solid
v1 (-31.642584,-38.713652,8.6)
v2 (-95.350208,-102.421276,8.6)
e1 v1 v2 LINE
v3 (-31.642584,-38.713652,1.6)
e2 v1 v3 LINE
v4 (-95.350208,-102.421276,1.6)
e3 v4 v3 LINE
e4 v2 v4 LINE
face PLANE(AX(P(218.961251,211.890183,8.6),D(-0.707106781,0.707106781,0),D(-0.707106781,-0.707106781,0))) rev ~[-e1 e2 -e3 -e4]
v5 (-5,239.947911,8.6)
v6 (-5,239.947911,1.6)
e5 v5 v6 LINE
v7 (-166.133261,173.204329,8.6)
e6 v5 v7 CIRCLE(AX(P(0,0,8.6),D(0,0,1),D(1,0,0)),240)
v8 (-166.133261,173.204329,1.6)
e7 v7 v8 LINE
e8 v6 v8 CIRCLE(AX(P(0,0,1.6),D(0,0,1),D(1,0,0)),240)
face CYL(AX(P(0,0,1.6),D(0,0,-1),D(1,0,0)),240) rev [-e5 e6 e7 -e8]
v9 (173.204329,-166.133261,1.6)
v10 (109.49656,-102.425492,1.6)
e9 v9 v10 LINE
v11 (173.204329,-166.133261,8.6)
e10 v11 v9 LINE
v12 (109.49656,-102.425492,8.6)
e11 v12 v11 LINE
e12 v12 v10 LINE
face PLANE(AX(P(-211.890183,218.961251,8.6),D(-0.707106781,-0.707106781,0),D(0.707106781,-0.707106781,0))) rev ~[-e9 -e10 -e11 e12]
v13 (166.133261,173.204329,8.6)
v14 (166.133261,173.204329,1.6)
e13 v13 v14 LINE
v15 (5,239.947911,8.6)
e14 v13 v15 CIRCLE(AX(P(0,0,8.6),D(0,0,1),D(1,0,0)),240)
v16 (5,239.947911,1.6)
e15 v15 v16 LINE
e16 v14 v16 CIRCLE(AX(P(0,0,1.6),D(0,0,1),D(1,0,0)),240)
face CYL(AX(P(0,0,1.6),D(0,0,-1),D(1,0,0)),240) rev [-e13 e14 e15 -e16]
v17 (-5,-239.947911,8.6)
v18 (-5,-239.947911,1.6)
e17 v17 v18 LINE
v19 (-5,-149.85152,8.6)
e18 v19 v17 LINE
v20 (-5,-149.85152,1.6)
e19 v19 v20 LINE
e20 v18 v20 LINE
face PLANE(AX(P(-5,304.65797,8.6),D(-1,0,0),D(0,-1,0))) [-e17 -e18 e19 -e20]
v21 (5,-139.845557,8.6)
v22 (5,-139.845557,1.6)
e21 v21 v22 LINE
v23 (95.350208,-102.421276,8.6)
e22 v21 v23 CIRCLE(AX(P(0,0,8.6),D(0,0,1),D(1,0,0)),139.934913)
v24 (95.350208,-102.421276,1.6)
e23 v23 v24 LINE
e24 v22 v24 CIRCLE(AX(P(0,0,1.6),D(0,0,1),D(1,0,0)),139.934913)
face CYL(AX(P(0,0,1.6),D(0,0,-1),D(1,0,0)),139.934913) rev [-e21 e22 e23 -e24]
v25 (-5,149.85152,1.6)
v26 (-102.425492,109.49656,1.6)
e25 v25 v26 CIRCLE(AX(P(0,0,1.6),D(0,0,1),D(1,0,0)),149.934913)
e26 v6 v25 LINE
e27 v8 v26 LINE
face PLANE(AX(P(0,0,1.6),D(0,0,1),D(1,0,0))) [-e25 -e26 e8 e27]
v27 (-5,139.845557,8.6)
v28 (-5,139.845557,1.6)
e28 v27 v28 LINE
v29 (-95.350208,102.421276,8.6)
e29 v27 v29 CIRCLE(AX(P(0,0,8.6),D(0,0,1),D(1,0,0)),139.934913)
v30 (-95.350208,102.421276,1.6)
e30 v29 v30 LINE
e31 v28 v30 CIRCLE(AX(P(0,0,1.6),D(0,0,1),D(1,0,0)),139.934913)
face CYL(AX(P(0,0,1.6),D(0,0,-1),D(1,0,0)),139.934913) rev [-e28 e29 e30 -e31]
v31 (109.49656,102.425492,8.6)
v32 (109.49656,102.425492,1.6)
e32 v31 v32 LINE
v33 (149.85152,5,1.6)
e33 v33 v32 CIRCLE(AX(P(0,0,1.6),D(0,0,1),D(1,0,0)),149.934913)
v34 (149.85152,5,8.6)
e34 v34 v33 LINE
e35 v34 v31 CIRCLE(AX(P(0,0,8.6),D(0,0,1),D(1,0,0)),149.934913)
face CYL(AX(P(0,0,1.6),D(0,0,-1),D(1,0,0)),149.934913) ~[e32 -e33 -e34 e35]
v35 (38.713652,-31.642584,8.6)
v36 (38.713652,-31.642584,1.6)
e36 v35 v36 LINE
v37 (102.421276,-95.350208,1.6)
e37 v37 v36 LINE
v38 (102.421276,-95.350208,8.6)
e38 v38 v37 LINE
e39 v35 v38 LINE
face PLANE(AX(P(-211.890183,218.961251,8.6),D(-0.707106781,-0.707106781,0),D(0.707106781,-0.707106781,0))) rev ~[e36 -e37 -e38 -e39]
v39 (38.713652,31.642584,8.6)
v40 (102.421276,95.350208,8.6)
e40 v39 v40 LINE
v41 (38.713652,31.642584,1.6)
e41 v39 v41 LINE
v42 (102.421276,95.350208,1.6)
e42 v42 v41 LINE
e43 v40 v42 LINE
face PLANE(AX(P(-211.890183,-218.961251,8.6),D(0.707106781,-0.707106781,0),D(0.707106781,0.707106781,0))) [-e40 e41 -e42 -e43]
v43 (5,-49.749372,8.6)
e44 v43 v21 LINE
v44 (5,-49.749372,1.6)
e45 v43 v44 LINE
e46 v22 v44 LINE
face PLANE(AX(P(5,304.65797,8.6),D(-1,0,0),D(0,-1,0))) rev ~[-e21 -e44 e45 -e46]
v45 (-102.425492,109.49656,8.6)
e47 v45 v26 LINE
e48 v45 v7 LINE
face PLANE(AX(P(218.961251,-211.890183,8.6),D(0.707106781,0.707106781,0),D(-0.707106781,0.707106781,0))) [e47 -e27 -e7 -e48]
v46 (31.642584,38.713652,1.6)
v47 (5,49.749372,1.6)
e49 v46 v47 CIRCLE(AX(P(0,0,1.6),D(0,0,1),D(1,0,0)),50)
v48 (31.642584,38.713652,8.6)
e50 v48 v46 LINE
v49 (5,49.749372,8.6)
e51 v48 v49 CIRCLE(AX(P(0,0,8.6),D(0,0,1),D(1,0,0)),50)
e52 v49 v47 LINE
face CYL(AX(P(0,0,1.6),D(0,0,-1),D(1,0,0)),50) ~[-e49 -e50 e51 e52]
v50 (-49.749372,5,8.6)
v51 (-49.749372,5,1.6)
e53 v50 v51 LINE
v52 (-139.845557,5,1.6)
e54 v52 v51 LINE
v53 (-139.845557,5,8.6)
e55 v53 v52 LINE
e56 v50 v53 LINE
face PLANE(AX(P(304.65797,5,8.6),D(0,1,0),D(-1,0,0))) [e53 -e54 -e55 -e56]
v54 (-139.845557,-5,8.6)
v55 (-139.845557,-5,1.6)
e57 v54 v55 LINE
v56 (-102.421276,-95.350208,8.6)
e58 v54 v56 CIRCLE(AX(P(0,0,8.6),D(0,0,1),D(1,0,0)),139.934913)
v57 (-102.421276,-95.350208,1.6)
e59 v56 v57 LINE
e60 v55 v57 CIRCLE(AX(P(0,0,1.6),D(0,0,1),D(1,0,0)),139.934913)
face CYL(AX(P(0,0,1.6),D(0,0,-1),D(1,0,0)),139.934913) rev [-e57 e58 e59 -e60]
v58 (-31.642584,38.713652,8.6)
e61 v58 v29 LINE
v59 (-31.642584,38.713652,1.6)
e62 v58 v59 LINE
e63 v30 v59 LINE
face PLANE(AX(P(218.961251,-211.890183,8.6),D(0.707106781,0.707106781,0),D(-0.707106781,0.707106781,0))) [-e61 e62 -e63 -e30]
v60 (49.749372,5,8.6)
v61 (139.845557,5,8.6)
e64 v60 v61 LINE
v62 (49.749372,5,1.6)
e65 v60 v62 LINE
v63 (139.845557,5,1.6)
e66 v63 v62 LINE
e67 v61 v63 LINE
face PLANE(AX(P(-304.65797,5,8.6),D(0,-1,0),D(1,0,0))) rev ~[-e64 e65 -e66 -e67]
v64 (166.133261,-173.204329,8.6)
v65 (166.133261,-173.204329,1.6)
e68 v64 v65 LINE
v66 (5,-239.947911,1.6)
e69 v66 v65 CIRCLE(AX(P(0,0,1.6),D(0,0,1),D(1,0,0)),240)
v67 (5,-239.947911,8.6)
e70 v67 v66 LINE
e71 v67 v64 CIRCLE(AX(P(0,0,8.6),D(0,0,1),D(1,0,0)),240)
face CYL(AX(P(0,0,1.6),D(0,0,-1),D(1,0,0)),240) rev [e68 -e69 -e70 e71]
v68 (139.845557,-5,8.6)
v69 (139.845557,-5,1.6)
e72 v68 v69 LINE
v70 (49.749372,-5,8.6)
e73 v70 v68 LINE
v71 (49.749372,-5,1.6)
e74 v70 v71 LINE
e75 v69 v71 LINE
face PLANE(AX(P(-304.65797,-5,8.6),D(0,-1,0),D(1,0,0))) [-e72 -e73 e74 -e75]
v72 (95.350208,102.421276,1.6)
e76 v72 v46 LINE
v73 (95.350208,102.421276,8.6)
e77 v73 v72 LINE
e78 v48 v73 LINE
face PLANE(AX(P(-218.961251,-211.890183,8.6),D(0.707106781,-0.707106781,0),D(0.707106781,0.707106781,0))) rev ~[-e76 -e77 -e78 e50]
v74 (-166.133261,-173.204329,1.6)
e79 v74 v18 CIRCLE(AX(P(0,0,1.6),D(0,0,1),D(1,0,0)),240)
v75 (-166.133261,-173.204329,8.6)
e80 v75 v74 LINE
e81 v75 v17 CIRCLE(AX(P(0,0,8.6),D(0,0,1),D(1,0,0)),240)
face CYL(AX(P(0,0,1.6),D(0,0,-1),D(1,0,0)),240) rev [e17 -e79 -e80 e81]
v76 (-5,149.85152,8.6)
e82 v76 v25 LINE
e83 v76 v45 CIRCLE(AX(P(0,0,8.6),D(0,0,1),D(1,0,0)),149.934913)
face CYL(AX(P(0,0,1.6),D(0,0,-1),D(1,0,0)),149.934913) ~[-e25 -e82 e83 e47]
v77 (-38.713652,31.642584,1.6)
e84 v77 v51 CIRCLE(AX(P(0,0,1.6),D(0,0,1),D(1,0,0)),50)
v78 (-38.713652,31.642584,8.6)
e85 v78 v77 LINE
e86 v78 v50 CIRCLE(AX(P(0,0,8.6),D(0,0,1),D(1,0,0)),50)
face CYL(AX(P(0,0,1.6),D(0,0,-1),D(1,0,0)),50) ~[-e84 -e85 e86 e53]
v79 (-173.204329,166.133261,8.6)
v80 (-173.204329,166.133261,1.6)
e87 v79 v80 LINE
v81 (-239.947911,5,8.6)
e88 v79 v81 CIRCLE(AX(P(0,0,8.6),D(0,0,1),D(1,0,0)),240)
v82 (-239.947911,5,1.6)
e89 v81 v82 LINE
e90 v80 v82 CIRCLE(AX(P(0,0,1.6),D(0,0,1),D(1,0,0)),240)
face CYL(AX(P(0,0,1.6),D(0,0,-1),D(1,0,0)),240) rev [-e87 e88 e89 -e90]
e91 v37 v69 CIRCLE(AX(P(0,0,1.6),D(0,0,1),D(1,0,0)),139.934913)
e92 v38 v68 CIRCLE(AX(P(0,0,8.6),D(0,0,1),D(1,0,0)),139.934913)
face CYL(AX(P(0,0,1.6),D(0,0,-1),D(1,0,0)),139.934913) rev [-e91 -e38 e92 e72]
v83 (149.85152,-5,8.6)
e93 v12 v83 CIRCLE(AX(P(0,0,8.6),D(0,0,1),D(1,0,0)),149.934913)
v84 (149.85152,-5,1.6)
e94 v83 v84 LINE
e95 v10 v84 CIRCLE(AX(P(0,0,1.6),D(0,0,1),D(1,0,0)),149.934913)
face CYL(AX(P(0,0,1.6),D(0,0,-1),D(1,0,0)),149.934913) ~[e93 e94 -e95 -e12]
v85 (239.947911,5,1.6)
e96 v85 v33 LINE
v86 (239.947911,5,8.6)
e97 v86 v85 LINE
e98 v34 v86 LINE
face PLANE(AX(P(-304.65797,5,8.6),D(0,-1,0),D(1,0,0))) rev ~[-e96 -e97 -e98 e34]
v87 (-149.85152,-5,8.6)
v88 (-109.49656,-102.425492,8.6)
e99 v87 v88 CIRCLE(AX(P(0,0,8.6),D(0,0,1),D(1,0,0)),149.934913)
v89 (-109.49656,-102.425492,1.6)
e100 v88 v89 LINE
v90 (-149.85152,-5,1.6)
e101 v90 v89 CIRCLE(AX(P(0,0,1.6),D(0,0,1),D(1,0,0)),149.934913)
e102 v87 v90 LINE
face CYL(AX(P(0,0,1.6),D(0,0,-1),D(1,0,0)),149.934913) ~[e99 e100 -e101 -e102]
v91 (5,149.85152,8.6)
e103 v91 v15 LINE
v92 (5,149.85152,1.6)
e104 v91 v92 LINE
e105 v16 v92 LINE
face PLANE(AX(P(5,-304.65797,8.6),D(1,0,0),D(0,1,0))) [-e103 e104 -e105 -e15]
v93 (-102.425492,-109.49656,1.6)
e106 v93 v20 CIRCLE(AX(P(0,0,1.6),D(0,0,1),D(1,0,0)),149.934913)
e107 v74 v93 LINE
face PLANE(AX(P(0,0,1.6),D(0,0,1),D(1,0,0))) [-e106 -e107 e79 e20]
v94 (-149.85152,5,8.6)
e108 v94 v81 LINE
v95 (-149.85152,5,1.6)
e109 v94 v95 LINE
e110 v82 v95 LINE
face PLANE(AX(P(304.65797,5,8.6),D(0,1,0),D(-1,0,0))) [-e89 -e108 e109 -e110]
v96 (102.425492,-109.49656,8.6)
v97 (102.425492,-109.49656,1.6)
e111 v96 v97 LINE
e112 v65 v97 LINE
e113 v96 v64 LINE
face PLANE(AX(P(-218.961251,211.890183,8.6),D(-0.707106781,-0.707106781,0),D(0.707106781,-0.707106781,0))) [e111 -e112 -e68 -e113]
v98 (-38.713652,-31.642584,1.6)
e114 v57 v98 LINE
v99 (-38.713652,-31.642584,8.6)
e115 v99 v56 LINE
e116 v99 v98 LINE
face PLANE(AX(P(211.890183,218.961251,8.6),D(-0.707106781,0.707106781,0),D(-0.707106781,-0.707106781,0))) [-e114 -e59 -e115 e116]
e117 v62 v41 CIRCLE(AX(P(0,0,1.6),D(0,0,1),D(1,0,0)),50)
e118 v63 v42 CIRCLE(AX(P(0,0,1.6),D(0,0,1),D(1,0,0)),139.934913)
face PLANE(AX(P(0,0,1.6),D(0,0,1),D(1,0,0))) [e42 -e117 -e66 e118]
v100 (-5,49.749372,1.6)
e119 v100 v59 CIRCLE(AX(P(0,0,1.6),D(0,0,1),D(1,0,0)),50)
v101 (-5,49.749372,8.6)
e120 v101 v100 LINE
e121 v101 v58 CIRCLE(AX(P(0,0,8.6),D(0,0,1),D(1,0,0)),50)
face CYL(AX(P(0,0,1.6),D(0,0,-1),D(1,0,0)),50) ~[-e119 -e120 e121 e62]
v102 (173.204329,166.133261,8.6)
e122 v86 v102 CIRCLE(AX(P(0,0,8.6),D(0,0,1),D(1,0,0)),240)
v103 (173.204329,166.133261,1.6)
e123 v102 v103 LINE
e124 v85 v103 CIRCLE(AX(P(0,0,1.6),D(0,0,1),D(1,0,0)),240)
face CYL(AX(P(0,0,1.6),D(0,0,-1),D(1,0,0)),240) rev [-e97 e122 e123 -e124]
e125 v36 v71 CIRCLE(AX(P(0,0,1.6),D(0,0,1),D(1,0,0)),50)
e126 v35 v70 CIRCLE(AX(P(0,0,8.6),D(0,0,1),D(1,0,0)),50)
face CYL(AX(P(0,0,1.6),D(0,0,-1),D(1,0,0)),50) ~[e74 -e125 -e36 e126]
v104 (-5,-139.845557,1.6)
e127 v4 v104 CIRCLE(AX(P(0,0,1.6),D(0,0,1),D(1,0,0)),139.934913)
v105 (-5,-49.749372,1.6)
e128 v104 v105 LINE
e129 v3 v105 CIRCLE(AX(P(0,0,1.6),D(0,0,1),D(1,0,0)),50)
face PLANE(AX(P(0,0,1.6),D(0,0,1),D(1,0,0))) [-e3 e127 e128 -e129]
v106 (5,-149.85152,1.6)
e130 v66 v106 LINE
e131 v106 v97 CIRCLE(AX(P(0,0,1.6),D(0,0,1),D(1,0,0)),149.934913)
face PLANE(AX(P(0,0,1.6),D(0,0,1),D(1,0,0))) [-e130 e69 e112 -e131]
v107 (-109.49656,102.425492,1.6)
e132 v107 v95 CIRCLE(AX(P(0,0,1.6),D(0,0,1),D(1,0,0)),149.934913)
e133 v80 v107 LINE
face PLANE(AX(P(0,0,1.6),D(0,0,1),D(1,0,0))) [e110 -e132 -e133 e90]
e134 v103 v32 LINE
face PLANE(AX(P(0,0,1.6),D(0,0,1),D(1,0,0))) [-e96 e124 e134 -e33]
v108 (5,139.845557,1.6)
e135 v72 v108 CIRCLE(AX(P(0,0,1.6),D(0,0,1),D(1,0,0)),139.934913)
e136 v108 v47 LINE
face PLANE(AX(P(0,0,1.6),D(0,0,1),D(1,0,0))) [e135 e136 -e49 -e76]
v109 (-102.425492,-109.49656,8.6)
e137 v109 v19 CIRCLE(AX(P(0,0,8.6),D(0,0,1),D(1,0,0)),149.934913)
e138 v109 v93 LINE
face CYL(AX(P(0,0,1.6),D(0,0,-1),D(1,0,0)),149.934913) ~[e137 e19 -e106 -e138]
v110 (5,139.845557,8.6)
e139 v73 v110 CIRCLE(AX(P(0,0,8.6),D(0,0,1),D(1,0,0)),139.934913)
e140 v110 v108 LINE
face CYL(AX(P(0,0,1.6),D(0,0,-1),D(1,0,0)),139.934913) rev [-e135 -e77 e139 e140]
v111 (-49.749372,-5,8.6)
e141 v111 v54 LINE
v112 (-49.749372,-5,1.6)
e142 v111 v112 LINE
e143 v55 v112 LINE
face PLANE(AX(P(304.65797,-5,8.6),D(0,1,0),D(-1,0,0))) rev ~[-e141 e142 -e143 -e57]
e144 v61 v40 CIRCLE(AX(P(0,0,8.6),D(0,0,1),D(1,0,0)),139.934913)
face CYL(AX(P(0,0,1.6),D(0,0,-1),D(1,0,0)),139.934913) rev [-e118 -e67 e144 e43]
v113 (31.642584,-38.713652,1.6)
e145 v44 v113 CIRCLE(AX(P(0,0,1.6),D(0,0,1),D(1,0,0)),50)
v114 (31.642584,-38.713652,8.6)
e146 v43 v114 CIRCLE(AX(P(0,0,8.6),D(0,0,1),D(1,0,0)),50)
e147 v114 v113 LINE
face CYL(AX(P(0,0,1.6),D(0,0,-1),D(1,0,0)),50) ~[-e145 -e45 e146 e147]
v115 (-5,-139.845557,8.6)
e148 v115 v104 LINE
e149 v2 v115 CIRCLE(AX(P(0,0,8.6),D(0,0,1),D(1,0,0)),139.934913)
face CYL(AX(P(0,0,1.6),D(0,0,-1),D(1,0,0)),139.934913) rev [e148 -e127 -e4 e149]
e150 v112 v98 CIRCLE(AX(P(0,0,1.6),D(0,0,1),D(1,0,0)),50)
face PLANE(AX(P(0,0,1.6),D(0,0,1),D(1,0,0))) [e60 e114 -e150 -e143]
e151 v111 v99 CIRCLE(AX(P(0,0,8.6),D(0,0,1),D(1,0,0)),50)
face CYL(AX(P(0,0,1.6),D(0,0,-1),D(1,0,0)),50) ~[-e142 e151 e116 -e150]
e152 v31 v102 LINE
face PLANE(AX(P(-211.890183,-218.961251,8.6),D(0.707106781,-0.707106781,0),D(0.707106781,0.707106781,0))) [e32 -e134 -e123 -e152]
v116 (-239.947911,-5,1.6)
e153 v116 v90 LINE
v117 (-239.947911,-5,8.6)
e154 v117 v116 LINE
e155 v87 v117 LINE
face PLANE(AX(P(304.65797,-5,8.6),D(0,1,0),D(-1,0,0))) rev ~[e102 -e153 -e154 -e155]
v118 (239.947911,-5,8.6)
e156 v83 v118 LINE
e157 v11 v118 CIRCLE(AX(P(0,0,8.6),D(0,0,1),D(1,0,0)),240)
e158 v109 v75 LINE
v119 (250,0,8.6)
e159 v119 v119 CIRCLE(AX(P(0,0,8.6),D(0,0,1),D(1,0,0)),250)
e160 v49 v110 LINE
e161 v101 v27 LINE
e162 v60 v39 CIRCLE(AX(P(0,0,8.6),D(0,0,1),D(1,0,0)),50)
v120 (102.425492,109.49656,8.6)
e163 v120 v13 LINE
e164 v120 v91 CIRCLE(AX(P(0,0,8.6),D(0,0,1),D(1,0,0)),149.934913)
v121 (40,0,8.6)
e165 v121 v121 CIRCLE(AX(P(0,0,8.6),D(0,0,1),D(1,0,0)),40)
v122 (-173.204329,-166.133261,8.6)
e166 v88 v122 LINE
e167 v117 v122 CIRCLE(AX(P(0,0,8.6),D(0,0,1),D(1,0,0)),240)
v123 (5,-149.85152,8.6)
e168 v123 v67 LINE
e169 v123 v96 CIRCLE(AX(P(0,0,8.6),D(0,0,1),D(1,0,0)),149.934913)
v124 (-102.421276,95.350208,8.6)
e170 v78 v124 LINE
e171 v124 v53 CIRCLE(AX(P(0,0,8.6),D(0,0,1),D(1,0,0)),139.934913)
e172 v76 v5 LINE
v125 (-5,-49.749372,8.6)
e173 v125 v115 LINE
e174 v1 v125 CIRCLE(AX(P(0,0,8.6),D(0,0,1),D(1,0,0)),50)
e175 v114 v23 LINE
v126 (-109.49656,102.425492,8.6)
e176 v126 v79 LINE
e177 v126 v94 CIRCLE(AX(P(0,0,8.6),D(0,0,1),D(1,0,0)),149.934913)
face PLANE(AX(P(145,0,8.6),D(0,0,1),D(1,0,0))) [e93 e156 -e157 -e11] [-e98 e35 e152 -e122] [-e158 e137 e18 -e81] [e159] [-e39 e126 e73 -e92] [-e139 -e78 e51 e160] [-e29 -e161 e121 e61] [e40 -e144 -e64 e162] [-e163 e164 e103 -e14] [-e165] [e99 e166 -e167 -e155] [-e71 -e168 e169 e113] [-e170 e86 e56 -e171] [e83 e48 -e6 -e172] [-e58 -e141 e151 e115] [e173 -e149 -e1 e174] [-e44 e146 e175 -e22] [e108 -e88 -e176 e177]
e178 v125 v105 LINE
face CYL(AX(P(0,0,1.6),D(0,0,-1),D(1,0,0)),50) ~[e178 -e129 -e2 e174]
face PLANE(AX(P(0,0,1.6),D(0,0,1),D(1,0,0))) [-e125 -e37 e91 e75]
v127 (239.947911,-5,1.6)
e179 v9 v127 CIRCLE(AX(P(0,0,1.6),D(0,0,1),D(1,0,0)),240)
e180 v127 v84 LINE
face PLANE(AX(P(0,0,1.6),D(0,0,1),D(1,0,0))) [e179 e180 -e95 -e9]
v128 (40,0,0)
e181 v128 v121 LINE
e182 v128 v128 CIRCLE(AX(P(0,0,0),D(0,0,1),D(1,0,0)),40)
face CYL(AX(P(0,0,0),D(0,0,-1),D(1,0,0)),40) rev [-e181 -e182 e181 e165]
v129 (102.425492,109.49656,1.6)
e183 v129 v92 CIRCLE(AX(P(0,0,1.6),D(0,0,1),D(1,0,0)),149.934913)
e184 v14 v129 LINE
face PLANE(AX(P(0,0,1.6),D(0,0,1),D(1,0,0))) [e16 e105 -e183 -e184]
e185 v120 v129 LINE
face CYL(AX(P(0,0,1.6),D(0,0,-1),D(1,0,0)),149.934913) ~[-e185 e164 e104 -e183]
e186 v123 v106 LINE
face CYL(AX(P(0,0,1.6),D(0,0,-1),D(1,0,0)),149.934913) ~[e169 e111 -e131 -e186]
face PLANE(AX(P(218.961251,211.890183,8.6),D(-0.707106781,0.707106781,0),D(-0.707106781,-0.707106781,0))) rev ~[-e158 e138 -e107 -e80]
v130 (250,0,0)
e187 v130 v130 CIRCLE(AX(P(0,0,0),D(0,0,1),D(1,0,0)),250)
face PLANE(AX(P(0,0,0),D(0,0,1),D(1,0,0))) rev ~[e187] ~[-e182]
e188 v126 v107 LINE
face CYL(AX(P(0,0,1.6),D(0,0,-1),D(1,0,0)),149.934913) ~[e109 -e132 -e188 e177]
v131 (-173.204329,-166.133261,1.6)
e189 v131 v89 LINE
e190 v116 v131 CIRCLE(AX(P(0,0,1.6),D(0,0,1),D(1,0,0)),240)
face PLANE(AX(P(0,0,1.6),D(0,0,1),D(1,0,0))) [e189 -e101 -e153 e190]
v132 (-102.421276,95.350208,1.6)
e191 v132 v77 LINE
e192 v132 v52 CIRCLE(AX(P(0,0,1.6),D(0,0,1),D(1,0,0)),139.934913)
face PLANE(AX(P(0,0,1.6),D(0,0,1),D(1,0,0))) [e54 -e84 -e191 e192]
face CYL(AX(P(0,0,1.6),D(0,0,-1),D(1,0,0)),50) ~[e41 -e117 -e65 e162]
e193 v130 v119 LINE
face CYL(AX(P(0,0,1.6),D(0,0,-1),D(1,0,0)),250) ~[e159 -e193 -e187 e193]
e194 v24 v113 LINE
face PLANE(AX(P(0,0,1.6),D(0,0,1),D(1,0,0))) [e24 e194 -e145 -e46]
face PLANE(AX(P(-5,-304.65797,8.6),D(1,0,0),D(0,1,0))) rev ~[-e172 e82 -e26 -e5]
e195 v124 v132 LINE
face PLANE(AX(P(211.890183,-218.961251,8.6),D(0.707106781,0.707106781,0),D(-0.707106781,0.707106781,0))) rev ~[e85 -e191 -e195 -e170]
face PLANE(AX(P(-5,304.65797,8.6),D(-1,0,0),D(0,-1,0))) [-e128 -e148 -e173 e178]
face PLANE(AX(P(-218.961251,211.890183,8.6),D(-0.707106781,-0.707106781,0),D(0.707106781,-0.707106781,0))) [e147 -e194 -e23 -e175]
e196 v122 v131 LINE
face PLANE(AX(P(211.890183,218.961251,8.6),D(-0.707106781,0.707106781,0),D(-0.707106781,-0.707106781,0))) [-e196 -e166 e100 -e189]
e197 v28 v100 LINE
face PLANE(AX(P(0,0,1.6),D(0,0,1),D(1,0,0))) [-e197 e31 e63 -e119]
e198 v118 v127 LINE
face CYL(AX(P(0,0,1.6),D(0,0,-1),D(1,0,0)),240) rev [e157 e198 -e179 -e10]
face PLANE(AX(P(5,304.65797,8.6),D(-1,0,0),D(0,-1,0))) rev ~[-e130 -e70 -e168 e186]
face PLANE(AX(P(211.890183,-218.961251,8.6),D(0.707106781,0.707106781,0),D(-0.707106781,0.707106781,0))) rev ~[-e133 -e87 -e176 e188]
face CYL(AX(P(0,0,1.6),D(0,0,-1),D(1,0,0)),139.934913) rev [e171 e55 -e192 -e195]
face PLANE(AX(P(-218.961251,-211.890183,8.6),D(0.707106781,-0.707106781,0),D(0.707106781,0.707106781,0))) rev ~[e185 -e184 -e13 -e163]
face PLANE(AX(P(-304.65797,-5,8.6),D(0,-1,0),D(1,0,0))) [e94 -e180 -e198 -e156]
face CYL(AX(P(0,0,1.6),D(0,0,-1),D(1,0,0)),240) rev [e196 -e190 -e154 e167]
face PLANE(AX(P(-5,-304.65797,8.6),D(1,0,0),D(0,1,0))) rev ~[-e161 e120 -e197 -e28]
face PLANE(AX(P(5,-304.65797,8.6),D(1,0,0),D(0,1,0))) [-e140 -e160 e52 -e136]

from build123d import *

# Parameters (mm, degrees)
SKETCH1_R           = 250
SKETCH1_R_2         = 40
BOSS_EXTRUDE1_DEPTH = 1.6
SKETCH3_R           = 250
SKETCH3_R_2         = 240
SKETCH3_R_3         = 50
SKETCH3_R_4         = 40
BOSS_EXTRUDE2_DEPTH = 7
RIB2_REACH          = 355.658
SKETCH4_WALLS_W     = 899.315940722
SKETCH4_WALLS_H     = 10
CIRPATTERN1_COUNT   = 8
EXTRUDE_THIN1_START = -7
SKETCH5_R           = 149.934912721
SKETCH5_R_2         = 139.934912721
EXTRUDE_THIN1_DEPTH = 7


with BuildPart() as part:
    # Sketch1 → Boss-Extrude1 (new body)
    with BuildSketch(Plane.XY):
        Circle(SKETCH1_R)
        Circle(SKETCH1_R_2, mode=Mode.SUBTRACT)
    extrude(amount=BOSS_EXTRUDE1_DEPTH)

    # Sketch3 → Boss-Extrude2 (add)
    # profile 1 of 2: a face of its own
    with BuildSketch(Plane.XY.offset(1.6)):
        Circle(SKETCH3_R)
        Circle(SKETCH3_R_2, mode=Mode.SUBTRACT)
    # profile 2 of 2: a face of its own
    with BuildSketch(Plane.XY.offset(1.6)):
        Circle(SKETCH3_R_3)
        Circle(SKETCH3_R_4, mode=Mode.SUBTRACT)
    extrude(amount=BOSS_EXTRUDE2_DEPTH)

    # Sketch4 walls → Rib2 (add, up to next)
    with BuildSketch(Plane.XY.offset(8.6), mode=Mode.PRIVATE) as rib2_sk1:
        with Locations((145, 0)):
            Rectangle(SKETCH4_WALLS_W, SKETCH4_WALLS_H)
    rib2_tool1 = extrude(rib2_sk1.sketch, amount=-RIB2_REACH, mode=Mode.PRIVATE) - part.part
    rib2 = rib2_tool1.solids().sort_by_distance((145, 0, 8.6))[0]
    add(rib2)

    # CirPattern1: Rib2 ×8 about axis
    cirpattern1_axis = Axis((0, 0, 0), (0, 0, 1))
    for i in range(1, CIRPATTERN1_COUNT):
        add(rib2.rotate(cirpattern1_axis, i * 360 / CIRPATTERN1_COUNT))

    # Sketch5 → Extrude-Thin1 (add)
    with BuildSketch(Plane.XY.offset(8.6).offset(EXTRUDE_THIN1_START)):
        Circle(SKETCH5_R)
        Circle(SKETCH5_R_2, mode=Mode.SUBTRACT)
    extrude(amount=EXTRUDE_THIN1_DEPTH)


solid = part.part
